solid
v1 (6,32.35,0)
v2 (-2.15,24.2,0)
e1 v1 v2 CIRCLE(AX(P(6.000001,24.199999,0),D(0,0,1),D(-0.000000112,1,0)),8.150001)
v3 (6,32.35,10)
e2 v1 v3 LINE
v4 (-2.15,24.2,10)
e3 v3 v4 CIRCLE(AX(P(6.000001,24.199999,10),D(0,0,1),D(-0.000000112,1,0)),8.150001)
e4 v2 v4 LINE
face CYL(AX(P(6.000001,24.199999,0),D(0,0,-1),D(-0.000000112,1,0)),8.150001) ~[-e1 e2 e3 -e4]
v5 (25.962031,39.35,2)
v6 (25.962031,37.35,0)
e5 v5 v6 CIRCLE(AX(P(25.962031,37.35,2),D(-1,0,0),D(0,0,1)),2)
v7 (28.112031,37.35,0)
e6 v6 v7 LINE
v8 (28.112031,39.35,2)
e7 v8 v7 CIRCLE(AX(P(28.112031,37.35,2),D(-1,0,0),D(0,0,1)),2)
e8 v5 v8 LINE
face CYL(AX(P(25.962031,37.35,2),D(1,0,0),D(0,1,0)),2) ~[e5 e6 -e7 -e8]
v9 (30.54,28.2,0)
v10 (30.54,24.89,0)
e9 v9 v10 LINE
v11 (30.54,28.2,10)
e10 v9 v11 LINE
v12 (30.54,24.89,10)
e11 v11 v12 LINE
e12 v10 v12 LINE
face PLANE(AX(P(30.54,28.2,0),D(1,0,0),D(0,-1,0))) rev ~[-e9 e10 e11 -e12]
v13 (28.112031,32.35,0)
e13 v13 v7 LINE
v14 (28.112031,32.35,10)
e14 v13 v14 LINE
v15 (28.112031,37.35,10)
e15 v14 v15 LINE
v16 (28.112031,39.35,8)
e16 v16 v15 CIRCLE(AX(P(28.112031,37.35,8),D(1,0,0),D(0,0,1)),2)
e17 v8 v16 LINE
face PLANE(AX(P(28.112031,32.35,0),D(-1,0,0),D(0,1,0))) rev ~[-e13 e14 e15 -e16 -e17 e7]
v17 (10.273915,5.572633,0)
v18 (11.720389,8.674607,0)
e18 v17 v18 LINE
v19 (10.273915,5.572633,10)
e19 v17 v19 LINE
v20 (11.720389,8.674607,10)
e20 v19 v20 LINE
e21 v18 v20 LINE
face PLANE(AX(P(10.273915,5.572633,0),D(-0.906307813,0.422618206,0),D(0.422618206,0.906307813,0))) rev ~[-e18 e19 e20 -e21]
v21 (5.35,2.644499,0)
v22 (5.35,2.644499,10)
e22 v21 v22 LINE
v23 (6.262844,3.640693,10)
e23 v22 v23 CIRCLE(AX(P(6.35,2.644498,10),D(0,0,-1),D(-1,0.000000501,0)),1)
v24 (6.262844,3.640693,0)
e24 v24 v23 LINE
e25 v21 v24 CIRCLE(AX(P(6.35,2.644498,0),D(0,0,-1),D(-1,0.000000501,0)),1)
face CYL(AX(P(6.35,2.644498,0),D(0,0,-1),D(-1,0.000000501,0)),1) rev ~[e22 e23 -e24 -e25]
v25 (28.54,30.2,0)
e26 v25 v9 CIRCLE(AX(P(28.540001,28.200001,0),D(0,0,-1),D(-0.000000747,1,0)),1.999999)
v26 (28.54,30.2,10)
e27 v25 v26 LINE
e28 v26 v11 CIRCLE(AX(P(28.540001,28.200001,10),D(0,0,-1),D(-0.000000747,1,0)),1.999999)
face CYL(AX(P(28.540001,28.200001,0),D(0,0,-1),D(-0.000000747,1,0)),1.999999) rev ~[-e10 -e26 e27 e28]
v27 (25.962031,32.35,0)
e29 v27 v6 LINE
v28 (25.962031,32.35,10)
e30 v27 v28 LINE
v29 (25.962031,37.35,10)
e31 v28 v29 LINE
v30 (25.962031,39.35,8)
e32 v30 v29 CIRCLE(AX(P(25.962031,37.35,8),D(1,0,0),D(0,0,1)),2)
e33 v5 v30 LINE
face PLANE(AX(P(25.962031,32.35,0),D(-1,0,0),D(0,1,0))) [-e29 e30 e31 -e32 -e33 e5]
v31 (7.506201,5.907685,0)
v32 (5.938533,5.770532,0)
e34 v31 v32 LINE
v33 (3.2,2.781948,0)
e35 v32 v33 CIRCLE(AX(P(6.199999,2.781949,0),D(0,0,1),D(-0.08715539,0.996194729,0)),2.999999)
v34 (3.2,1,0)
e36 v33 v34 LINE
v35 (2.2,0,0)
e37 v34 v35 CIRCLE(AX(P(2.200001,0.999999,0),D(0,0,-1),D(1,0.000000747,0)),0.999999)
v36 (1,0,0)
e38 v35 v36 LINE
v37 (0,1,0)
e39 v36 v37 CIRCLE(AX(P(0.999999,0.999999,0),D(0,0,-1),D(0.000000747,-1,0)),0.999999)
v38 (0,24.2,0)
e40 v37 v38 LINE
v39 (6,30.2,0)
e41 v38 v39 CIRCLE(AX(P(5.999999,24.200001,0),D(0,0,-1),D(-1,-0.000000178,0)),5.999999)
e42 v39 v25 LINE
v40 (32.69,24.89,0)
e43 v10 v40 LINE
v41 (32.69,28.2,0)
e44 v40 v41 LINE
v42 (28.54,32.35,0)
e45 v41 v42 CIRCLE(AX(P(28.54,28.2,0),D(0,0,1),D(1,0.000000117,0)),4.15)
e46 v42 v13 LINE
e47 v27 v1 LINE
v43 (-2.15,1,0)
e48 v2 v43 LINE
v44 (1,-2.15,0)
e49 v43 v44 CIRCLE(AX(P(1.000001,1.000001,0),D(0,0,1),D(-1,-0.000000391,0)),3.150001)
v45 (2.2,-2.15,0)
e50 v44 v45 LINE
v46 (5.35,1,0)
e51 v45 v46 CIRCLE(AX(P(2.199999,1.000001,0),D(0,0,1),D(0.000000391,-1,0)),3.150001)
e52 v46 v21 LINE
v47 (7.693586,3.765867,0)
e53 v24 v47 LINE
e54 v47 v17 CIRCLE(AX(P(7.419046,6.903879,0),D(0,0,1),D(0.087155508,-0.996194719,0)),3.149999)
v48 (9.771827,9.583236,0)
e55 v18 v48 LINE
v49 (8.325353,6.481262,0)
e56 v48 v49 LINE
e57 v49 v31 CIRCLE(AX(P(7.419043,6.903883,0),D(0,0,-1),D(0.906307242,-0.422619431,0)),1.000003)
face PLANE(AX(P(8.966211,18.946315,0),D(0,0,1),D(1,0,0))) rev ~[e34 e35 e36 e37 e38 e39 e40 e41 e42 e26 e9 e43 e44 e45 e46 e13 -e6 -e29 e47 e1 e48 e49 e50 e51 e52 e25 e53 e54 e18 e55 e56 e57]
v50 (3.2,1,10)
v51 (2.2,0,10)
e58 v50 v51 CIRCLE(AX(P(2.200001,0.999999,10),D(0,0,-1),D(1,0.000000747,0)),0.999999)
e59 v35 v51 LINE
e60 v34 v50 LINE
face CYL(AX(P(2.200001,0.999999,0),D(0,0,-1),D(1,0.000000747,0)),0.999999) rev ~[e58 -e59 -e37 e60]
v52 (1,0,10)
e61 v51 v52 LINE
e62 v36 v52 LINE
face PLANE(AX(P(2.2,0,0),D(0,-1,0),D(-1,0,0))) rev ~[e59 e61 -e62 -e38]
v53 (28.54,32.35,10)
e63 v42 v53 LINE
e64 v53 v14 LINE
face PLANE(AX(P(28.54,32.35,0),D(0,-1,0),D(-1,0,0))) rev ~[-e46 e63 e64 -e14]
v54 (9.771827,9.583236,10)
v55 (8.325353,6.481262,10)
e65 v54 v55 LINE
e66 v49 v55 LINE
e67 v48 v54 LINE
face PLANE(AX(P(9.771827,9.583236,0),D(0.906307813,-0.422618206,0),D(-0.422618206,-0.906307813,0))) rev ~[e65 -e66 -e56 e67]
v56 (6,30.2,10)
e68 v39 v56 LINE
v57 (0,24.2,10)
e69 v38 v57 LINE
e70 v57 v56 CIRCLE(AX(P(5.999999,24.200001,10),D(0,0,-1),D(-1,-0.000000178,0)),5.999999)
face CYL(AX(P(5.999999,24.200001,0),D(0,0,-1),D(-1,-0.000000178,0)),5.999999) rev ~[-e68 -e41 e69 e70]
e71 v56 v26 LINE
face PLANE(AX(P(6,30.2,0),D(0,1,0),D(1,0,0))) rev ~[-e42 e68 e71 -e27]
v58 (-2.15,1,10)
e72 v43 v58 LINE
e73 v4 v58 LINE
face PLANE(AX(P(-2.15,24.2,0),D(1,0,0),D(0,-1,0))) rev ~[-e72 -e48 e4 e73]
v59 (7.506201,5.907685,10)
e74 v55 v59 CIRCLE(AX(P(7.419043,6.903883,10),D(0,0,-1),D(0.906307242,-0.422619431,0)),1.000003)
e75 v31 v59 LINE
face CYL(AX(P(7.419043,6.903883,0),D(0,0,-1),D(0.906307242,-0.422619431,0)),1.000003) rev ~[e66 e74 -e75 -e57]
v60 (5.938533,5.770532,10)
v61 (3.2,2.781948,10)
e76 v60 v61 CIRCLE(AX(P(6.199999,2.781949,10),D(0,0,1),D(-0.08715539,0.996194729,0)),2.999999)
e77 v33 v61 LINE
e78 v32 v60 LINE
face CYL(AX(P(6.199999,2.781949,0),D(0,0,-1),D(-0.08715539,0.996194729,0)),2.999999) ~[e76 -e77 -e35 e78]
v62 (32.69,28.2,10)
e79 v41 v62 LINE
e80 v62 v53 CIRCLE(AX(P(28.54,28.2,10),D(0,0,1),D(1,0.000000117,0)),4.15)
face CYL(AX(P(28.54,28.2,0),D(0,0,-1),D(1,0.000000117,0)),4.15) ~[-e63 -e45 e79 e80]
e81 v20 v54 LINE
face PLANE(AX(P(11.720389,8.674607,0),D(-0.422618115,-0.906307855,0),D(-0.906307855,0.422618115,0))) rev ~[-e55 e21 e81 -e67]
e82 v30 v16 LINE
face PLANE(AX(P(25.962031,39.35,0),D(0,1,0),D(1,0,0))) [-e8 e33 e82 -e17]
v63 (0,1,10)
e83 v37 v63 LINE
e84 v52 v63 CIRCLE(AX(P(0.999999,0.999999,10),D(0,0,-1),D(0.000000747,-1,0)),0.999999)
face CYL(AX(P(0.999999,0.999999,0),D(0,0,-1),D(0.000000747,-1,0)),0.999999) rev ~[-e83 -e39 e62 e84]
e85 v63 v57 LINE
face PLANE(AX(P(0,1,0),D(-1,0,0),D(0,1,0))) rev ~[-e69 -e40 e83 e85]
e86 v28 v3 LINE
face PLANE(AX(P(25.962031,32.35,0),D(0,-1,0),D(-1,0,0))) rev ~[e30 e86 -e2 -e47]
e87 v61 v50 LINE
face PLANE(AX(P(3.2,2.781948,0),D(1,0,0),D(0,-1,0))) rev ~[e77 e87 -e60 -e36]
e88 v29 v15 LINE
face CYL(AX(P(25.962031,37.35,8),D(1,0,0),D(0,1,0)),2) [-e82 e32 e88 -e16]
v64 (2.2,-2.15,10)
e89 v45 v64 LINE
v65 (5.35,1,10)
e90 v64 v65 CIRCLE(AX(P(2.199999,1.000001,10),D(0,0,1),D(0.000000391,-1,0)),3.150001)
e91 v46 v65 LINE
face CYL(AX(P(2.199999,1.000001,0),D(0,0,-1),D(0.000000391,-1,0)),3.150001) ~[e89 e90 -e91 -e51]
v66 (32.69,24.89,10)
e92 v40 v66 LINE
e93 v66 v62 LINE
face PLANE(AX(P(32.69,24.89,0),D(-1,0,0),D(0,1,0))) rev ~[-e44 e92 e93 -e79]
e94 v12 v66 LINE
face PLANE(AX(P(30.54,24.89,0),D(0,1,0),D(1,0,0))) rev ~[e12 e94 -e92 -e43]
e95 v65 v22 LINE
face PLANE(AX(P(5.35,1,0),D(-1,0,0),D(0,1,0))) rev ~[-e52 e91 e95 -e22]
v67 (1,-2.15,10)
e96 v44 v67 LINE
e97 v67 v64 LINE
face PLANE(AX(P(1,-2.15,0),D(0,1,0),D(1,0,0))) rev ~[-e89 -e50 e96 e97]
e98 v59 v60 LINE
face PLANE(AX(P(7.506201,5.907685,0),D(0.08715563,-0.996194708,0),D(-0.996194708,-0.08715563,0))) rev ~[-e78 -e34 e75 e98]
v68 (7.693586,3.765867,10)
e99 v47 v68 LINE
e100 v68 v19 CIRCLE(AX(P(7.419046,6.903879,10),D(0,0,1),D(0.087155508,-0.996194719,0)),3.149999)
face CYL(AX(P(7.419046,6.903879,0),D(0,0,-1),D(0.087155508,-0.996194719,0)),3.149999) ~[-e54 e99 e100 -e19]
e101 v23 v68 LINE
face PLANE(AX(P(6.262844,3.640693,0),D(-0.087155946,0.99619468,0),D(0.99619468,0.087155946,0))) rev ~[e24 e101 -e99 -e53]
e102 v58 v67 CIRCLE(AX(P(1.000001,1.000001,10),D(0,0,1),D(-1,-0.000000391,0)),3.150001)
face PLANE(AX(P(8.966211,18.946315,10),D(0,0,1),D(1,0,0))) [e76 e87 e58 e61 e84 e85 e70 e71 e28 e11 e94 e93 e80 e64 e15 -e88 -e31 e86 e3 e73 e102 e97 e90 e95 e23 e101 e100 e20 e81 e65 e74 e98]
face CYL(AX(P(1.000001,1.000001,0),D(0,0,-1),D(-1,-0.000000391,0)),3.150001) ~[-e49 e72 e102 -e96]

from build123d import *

# Parameters (mm, degrees)
F0_W     = 2.15
F0_H     = 7
F1_DEPTH = 10
F2_R     = 2


with BuildPart() as f1:
    # F0 (on Top) → F1 (new body)
    with BuildSketch(Plane.XY):
        with BuildLine():
            ThreePointArc((1, 0), (0.292893, 0.292893), (0, 1))
            Line((0, 1), (0, 24.2))
            ThreePointArc((0, 24.2), (1.757359, 28.442641), (6, 30.2))
            Line((6, 30.2), (28.54, 30.2))
            ThreePointArc((28.54, 30.2), (29.954214, 29.614214), (30.54, 28.2))
            Line((30.54, 28.2), (30.54, 24.89))
            Line((30.54, 24.89), (32.69, 24.89))
            Line((32.69, 24.89), (32.69, 28.2))
            ThreePointArc((32.69, 28.2), (31.474493, 31.134493), (28.54, 32.35))
            Line((28.54, 32.35), (28.112031, 32.35))
            Line((28.112031, 32.35), (25.962031, 32.35))
            Line((25.962031, 32.35), (6, 32.35))
            ThreePointArc((6, 32.35), (0.23708, 29.96292), (-2.15, 24.2))
            Line((-2.15, 24.2), (-2.15, 1))
            ThreePointArc((-2.15, 1), (-1.227386, -1.227386), (1, -2.15))
            Line((1, -2.15), (2.2, -2.15))
            ThreePointArc((2.2, -2.15), (4.427386, -1.227386), (5.35, 1))
            Line((5.35, 1), (5.35, 2.644499))
            ThreePointArc((5.35, 2.644499), (5.612723, 3.320089), (6.262844, 3.640693))
            Line((6.262844, 3.640693), (7.693586, 3.765867))
            ThreePointArc((7.693586, 3.765867), (9.225811, 4.323551), (10.273915, 5.572633))
            Line((10.273915, 5.572633), (11.720389, 8.674607))
            Line((11.720389, 8.674607), (9.771827, 9.583236))
            Line((9.771827, 9.583236), (8.325353, 6.481262))
            ThreePointArc((8.325353, 6.481262), (7.992621, 6.084728), (7.506201, 5.907685))
            Line((7.506201, 5.907685), (5.938533, 5.770532))
            ThreePointArc((5.938533, 5.770532), (3.988168, 4.808719), (3.2, 2.781948))
            Line((3.2, 2.781948), (3.2, 1))
            ThreePointArc((3.2, 1), (2.907107, 0.292893), (2.2, 0))
            Line((2.2, 0), (1, 0))
        make_face()
        with Locations((27.037031, 35.85)):
            Rectangle(F0_W, F0_H)
    extrude(amount=F1_DEPTH)

    # F2
    f2_edges = [f1.edges().sort_by_distance(p)[0] for p in [
        (27.037031, 39.35, 10),
        (27.037031, 39.35, 0),
    ]]
    fillet(f2_edges, radius=F2_R)


solid = f1.part
